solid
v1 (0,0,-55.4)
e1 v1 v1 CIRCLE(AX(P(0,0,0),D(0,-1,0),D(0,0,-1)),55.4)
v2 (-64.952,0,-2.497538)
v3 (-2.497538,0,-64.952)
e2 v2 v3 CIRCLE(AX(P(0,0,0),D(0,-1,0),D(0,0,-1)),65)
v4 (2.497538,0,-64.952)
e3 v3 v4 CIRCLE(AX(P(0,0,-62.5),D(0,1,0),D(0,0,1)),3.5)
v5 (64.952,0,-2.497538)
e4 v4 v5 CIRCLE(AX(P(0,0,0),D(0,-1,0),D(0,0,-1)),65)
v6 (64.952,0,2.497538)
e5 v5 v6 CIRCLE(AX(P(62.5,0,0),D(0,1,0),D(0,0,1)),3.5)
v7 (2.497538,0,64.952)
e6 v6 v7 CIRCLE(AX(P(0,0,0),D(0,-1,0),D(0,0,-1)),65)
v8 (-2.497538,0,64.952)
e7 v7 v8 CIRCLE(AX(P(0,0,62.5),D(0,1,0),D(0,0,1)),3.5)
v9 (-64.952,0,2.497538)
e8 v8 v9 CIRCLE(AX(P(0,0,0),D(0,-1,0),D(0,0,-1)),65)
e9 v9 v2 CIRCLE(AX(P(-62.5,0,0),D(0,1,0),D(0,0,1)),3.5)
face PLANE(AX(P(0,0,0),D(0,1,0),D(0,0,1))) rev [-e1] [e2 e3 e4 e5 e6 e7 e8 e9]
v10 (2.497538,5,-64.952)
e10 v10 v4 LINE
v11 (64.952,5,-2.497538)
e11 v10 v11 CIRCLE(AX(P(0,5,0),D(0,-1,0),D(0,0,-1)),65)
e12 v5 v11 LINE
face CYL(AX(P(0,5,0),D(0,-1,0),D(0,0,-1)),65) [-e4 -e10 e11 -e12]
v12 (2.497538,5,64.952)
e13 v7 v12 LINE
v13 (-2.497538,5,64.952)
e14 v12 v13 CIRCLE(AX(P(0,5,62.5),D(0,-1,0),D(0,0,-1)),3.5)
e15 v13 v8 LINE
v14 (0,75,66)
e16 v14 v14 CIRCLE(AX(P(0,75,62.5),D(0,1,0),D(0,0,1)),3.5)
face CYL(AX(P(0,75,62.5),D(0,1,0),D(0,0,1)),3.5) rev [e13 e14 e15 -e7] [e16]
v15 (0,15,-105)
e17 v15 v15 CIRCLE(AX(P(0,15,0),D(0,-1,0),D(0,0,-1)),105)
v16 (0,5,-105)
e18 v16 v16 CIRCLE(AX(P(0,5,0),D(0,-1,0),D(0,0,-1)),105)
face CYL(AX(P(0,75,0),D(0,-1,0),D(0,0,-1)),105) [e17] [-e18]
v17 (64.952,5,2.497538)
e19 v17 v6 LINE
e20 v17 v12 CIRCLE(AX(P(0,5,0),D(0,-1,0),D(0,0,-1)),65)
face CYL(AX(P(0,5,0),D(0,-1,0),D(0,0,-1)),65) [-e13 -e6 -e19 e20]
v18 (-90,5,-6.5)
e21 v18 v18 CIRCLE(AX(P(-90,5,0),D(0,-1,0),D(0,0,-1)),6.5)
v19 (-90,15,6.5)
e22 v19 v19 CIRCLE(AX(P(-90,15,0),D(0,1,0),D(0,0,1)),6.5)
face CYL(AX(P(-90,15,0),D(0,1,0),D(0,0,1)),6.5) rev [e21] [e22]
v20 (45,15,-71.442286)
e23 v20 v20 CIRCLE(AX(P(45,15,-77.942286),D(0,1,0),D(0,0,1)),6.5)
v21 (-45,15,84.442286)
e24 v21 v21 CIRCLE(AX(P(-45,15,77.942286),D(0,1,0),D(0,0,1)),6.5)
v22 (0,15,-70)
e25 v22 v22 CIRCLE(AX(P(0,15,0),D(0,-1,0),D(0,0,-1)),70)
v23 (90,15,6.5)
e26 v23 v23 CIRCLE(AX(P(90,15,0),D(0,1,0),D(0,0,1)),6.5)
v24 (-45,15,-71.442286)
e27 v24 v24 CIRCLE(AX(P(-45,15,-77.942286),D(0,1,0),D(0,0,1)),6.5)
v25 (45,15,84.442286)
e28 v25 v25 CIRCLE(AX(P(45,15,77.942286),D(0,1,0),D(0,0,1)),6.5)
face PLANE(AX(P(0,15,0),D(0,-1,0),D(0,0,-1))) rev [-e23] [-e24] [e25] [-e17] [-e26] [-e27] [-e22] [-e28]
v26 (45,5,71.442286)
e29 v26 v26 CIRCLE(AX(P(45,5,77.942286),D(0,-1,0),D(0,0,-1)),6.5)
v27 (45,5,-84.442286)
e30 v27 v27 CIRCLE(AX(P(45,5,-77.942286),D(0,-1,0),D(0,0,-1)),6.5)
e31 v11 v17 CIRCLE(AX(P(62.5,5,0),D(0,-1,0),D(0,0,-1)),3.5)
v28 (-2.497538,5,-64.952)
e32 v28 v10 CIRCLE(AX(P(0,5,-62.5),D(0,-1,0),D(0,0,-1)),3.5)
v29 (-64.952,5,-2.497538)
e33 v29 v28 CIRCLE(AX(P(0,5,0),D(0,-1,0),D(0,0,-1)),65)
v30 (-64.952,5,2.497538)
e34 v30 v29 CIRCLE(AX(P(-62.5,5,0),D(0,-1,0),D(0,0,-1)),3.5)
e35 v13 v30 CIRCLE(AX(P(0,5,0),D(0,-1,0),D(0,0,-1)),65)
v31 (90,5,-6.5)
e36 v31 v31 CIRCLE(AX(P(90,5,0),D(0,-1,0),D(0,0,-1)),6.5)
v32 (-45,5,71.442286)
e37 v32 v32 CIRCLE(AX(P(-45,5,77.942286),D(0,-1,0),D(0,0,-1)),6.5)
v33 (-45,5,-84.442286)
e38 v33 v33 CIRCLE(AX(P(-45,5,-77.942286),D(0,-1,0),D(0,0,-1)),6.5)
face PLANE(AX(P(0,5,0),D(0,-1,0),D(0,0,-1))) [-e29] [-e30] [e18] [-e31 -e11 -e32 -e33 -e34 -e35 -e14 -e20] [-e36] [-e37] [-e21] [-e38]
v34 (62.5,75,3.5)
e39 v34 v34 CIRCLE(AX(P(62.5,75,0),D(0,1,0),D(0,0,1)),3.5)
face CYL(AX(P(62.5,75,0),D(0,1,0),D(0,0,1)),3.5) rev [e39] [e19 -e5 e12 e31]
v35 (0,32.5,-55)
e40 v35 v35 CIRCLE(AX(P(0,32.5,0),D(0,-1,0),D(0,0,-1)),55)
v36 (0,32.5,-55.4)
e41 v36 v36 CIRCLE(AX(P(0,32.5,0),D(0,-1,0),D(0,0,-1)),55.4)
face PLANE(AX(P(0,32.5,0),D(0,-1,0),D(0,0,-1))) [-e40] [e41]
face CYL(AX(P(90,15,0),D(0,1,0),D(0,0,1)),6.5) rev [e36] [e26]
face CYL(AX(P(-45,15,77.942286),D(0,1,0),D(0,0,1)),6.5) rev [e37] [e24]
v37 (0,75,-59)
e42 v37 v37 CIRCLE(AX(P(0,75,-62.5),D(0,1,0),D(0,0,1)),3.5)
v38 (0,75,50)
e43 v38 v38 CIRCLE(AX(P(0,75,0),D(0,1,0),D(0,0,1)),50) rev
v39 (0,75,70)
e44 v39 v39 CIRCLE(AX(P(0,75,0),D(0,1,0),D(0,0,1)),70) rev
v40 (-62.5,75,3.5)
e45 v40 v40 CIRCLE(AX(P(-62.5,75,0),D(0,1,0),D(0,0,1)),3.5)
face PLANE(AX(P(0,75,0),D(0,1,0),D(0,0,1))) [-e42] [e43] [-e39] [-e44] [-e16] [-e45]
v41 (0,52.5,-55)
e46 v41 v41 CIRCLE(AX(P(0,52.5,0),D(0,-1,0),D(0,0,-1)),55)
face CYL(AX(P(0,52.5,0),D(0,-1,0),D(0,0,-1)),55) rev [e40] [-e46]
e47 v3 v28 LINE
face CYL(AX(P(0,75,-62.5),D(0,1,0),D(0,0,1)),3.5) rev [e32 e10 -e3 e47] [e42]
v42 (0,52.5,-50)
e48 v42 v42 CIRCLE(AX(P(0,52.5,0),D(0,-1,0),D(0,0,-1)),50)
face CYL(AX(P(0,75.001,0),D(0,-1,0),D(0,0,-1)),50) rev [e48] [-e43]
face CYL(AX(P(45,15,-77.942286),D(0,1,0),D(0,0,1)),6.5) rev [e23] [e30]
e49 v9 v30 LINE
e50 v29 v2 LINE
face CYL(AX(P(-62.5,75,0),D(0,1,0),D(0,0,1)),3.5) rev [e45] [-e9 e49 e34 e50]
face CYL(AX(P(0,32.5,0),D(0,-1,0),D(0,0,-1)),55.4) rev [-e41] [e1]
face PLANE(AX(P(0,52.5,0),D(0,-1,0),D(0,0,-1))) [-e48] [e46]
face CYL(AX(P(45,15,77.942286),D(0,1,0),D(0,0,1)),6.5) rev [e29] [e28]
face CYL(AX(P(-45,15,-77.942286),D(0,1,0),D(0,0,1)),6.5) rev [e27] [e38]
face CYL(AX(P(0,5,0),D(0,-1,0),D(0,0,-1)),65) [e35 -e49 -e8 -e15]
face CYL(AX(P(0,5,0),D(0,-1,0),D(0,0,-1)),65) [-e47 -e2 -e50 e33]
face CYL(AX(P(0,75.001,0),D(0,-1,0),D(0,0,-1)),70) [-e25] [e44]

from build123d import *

# Parameters (mm, degrees)
SKETCH1_R              = 105
BOSS_EXTRUDE1_DEPTH    = 75
SKETCH3_R              = 105
SKETCH3_R_2            = 65
CUT_EXTRUDE1_DEPTH     = 5
CUT_EXTRUDE2_REACH     = 92
CUT_EXTRUDE2_START     = -15
SKETCH4_R              = 105
SKETCH4_R_2            = 70
SKETCH5_R              = 55.4
CUT_EXTRUDE3_DEPTH     = 32.5
SKETCH6_R              = 55
CUT_EXTRUDE4_DEPTH     = 20
CUT_EXTRUDE5_REACH     = 24.5
SKETCH7_R              = 50
F_12_0MM_DOWEL_HOLE1_D = 13
F_6_0MM_DOWEL_HOLE1_D  = 7


with BuildPart() as part:
    # Sketch1 → Boss-Extrude1 (new body)
    with BuildSketch(Plane(origin=(0, 0, 0), x_dir=(1, 0, 0), z_dir=(0, 1, 0))):
        Circle(SKETCH1_R)
    extrude(amount=BOSS_EXTRUDE1_DEPTH)

    # Sketch3 → Cut-Extrude1 (cut)
    with BuildSketch(Plane.XZ):
        Circle(SKETCH3_R)
        Circle(SKETCH3_R_2, mode=Mode.SUBTRACT)
    extrude(amount=-CUT_EXTRUDE1_DEPTH, mode=Mode.SUBTRACT)

    # Sketch4 → Cut-Extrude2 (cut, up to next)
    with BuildSketch(Plane.XZ.offset(CUT_EXTRUDE2_START), mode=Mode.PRIVATE) as cut_extrude2_sk1:
        Circle(SKETCH4_R)
        Circle(SKETCH4_R_2, mode=Mode.SUBTRACT)
    cut_extrude2_tool1 = extrude(cut_extrude2_sk1.sketch, amount=-CUT_EXTRUDE2_REACH, mode=Mode.PRIVATE) & part.part
    add(cut_extrude2_tool1.solids().sort_by_distance((-102.030152, 15, 0))[0], mode=Mode.SUBTRACT)

    # Sketch5 → Cut-Extrude3 (cut)
    with BuildSketch(Plane.XZ):
        Circle(SKETCH5_R)
    extrude(amount=-CUT_EXTRUDE3_DEPTH, mode=Mode.SUBTRACT)

    # Sketch6 → Cut-Extrude4 (cut)
    with BuildSketch(Plane.XZ.offset(-32.5)):
        Circle(SKETCH6_R)
    extrude(amount=-CUT_EXTRUDE4_DEPTH, mode=Mode.SUBTRACT)

    # Sketch7 → Cut-Extrude5 (cut, up to next)
    with BuildSketch(Plane.XZ.offset(-52.5), mode=Mode.PRIVATE) as cut_extrude5_sk1:
        Circle(SKETCH7_R)
    cut_extrude5_tool1 = extrude(cut_extrude5_sk1.sketch, amount=-CUT_EXTRUDE5_REACH, mode=Mode.PRIVATE) & part.part
    add(cut_extrude5_tool1.solids().sort_by_distance((0, 52.5, 0))[0], mode=Mode.SUBTRACT)

    # Ø12.0mm Dowel Hole1 (through all)
    with Locations(Plane(origin=(0, 15, 0), x_dir=(1, 0, 0), z_dir=(0, 1, 0))):
        with Locations((45, 77.942286341), (90, 0), (45, -77.942286341), (-45, -77.942286341), (-90, 0), (-45, 77.942286341)):
            Hole(F_12_0MM_DOWEL_HOLE1_D / 2)

    # Ø6.0mm Dowel Hole1 (through all)
    with Locations(Plane(origin=(0, 75, 0), x_dir=(1, 0, 0), z_dir=(0, 1, 0))):
        with Locations((-62.5, 0), (0, 62.5), (62.5, 0), (0, -62.5)):
            Hole(F_6_0MM_DOWEL_HOLE1_D / 2)


solid = part.part
